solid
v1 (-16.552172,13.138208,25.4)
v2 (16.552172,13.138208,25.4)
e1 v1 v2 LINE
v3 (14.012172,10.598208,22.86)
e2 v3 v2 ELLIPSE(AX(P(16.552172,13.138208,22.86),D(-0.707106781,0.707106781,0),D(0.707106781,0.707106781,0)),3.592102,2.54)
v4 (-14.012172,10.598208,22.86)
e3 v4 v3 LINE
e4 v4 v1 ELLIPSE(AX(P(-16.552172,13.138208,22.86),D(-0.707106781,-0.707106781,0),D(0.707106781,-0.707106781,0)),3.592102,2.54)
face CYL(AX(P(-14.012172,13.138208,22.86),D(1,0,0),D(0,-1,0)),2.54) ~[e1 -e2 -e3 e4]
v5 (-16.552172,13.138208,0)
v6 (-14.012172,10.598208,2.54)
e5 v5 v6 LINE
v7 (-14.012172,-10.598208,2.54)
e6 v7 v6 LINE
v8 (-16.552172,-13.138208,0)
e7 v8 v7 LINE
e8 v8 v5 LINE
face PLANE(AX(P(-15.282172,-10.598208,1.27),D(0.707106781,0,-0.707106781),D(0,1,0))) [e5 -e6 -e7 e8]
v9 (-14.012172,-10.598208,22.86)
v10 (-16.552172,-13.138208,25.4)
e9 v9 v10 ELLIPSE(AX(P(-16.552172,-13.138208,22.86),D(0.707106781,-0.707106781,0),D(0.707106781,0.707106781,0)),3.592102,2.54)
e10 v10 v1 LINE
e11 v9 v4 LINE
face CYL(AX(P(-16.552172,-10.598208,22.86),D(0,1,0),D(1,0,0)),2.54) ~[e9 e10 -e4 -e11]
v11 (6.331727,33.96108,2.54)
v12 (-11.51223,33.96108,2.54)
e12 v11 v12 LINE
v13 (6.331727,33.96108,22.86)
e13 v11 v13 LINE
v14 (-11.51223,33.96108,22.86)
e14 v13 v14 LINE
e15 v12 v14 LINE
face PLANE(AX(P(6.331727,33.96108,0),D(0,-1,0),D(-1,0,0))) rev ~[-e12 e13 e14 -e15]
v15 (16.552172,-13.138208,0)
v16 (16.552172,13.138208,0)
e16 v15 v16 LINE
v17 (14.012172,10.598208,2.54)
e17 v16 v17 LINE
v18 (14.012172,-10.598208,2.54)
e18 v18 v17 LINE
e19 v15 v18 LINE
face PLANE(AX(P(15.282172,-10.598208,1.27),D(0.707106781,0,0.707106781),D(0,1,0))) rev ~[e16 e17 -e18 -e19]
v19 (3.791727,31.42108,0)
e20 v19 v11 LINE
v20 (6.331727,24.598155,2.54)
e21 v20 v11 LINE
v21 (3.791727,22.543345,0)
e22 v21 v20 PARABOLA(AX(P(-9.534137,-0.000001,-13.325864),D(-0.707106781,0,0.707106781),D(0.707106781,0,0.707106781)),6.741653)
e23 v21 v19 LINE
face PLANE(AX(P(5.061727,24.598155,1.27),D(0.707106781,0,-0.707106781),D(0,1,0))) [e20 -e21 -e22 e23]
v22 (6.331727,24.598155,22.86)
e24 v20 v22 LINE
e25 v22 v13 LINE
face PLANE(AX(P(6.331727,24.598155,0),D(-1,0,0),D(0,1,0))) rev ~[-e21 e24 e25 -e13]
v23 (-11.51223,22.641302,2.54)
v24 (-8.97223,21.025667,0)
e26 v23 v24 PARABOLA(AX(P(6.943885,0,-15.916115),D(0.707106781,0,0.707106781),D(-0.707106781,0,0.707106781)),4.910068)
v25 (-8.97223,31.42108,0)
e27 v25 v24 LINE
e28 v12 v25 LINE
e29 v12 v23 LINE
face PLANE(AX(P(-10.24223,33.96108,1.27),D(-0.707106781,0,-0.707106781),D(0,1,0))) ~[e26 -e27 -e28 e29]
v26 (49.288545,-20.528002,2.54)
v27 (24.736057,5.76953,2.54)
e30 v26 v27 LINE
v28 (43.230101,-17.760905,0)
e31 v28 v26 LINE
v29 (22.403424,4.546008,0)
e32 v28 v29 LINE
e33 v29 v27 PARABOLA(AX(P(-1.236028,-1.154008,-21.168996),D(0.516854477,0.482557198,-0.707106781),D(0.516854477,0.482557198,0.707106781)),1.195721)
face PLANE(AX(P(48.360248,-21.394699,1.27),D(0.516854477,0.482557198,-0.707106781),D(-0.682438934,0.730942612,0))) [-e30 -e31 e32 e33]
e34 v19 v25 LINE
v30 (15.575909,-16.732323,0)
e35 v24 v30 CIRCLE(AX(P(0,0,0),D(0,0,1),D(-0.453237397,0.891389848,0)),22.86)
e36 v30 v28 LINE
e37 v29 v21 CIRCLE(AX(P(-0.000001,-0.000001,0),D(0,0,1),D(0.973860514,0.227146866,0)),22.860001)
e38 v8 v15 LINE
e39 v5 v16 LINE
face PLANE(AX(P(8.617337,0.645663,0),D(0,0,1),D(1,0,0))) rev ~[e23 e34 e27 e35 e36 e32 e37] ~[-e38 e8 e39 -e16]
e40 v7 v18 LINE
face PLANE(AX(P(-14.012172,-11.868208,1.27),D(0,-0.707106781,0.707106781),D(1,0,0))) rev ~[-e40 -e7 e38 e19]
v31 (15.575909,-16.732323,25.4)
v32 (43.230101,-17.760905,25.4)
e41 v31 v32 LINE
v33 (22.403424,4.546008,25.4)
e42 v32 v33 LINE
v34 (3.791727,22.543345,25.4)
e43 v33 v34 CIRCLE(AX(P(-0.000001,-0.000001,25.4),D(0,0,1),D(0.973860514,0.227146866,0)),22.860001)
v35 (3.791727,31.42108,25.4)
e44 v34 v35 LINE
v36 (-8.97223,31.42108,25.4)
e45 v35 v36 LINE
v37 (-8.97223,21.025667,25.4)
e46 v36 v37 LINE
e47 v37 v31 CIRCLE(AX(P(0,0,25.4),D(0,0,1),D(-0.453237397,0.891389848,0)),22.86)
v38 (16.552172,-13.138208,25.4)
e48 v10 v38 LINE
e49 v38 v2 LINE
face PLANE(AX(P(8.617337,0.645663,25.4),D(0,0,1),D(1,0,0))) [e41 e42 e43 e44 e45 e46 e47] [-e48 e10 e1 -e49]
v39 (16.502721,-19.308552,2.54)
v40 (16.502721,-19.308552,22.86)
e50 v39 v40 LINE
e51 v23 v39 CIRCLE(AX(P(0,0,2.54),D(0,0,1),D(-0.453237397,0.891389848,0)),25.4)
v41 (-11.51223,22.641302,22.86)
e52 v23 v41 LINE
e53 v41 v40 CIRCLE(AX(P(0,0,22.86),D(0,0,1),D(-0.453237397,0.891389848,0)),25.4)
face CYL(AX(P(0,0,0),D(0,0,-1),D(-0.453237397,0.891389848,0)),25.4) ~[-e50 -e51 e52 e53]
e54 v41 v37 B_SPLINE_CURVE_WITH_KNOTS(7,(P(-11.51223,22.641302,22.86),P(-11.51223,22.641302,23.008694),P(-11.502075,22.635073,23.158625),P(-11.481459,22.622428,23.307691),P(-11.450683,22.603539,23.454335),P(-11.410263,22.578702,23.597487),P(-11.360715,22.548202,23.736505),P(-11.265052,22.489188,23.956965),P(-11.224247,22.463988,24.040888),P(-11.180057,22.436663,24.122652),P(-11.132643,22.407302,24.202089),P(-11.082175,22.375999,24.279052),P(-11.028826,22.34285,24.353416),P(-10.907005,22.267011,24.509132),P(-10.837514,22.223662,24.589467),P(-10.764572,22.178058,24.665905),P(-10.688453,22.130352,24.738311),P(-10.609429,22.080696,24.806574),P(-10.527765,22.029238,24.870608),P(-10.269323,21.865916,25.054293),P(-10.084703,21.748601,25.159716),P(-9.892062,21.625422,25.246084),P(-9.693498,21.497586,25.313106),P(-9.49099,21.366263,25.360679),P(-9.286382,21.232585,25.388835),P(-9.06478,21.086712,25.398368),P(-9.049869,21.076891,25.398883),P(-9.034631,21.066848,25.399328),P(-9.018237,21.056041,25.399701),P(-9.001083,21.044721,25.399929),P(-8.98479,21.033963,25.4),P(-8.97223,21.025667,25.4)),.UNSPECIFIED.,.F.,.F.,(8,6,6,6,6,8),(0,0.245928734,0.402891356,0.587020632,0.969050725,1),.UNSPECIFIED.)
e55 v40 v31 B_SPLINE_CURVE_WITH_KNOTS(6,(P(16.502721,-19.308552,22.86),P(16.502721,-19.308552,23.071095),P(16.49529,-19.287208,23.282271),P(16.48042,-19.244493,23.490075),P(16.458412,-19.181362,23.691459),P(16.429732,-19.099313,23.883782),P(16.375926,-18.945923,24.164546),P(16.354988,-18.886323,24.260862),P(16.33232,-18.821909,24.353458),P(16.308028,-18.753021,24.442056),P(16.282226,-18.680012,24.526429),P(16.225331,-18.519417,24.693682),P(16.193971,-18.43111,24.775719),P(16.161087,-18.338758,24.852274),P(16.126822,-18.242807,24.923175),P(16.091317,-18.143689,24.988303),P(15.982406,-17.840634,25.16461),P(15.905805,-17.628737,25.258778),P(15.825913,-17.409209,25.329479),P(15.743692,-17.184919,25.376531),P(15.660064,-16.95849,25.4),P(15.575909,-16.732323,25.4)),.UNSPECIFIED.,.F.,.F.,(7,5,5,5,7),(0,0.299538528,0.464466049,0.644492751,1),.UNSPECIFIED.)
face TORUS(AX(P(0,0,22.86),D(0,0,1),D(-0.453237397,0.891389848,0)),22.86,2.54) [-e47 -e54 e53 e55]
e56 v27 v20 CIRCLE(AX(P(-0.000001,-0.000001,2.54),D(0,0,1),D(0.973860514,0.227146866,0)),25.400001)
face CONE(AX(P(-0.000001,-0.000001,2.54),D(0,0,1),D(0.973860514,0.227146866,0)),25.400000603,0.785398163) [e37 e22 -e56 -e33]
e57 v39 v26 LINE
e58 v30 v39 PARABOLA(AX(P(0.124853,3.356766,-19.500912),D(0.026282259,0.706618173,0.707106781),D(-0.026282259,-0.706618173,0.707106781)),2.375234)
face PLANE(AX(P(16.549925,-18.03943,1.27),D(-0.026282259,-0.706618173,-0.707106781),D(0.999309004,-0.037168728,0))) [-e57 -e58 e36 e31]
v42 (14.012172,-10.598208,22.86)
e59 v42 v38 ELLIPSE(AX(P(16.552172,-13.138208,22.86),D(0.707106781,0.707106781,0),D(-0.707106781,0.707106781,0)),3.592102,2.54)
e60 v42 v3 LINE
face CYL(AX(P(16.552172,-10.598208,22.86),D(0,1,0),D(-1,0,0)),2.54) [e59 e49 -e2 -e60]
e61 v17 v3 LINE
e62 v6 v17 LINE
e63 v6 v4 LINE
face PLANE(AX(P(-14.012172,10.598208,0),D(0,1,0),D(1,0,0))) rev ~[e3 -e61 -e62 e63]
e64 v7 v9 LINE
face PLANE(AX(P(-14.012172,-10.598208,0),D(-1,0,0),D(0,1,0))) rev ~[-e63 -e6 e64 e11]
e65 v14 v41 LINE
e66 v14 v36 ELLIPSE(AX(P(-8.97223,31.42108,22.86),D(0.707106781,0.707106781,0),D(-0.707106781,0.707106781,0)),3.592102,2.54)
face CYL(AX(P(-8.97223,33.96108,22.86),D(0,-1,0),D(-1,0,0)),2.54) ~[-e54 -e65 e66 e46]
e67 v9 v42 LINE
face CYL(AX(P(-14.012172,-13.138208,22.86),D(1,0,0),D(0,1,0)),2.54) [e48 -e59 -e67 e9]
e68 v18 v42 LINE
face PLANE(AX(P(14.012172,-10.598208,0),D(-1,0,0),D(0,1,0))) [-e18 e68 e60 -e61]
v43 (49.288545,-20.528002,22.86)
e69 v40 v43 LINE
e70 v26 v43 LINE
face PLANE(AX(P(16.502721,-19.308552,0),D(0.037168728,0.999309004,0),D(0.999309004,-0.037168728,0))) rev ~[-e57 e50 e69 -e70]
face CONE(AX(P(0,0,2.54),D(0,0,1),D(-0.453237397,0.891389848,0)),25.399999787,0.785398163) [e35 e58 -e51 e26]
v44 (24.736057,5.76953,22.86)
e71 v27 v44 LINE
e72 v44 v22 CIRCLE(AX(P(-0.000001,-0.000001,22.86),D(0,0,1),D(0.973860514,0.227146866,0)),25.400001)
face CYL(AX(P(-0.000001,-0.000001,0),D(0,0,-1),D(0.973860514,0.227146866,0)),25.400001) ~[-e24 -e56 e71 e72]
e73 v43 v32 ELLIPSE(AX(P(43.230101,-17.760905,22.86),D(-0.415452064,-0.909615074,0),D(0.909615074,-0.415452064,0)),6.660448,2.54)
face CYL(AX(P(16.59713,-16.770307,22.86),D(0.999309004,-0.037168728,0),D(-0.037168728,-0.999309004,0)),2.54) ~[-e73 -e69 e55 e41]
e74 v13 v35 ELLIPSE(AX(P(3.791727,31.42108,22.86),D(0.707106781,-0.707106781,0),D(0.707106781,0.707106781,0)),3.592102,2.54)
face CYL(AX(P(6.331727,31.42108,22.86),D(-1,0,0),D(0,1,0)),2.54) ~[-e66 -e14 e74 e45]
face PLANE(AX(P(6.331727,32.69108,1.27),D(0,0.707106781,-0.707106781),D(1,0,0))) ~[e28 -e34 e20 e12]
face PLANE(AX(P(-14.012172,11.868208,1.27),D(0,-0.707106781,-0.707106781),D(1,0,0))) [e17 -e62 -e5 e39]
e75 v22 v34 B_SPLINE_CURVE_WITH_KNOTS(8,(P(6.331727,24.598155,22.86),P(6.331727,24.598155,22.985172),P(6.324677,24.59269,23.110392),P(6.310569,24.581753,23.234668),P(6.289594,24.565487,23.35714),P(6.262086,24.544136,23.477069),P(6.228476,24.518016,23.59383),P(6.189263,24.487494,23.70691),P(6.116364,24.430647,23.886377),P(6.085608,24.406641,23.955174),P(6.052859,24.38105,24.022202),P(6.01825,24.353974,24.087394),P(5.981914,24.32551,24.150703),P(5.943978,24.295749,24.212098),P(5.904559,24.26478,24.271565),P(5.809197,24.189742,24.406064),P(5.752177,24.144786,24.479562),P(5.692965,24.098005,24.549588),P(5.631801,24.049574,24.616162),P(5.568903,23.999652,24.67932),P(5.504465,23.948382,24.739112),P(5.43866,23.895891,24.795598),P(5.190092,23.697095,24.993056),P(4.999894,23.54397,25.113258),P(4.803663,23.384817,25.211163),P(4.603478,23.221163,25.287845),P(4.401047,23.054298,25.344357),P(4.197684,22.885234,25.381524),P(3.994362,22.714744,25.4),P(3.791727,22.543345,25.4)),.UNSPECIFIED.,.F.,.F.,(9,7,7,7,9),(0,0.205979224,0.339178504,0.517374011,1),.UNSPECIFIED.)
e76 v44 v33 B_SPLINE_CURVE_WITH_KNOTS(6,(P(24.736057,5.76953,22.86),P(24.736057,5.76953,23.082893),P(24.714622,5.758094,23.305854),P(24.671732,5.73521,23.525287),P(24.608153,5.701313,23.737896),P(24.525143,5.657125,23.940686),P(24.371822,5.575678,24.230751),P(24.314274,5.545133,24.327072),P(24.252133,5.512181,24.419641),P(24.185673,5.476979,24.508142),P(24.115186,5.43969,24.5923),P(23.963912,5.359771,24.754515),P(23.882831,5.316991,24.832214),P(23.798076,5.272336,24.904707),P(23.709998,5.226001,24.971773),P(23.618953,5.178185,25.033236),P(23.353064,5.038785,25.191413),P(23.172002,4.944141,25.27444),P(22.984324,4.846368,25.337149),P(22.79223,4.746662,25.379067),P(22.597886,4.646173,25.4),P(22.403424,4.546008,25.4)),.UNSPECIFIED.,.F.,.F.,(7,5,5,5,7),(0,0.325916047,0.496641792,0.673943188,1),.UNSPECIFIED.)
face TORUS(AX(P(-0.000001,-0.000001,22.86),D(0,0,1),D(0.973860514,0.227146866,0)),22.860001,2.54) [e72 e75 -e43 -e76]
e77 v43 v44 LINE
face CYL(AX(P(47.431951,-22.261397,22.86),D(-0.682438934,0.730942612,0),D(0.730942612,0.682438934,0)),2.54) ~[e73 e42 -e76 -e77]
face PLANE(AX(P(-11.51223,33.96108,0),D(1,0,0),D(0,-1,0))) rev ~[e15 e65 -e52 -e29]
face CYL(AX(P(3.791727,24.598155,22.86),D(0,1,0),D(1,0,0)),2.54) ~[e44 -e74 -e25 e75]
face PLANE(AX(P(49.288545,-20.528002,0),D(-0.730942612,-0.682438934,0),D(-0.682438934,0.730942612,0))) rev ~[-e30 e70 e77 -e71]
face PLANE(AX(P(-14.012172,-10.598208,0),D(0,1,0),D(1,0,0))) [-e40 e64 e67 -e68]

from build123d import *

# Parameters (mm, degrees)
F0_W     = 28.024344
F0_H     = 21.196416
F1_DEPTH = 25.4
F2_R     = 2.54
F3_SIZE  = 2.54


with BuildPart() as f1:
    # F0 (on Top) → F1 (new body)
    with BuildSketch(Plane.XY):
        with BuildLine():
            Line((-11.51223, 33.96108), (-11.51223, 22.641302))
            ThreePointArc((-11.51223, 22.641302), (-21.122827, -14.106246), (16.502721, -19.308552))
            Line((16.502721, -19.308552), (49.288545, -20.528002))
            Line((49.288545, -20.528002), (24.736057, 5.76953))
            ThreePointArc((24.736057, 5.76953), (18.164005, 17.754687), (6.331727, 24.598155))
            Line((6.331727, 24.598155), (6.331727, 33.96108))
            Line((6.331727, 33.96108), (-11.51223, 33.96108))
        make_face()
        Rectangle(F0_W, F0_H, mode=Mode.SUBTRACT)
    extrude(amount=F1_DEPTH)

    # F2
    f2_edges = [f1.edges().sort_by_distance(p)[0] for p in [
        (18.164005, 17.754687, 25.4),
        (6.331727, 29.279618, 25.4),
        (-2.590252, 33.96108, 25.4),
        (-11.51223, 28.301191, 25.4),
        (-21.122827, -14.106246, 25.4),
        (32.895633, -19.918277, 25.4),
        (37.012301, -7.379236, 25.4),
        (0, 10.598208, 25.4),
        (14.012172, 0, 25.4),
        (0, -10.598208, 25.4),
        (-14.012172, 0, 25.4),
    ]]
    fillet(f2_edges, radius=F2_R)

    # F3
    f3_edges = [f1.edges().sort_by_distance(p)[0] for p in [
        (18.164005, 17.754687, 0),
        (6.331727, 29.279618, 0),
        (-2.590252, 33.96108, 0),
        (-11.51223, 28.301191, 0),
        (-21.122827, -14.106246, 0),
        (32.895633, -19.918277, 0),
        (37.012301, -7.379236, 0),
        (0, 10.598208, 0),
        (14.012172, 0, 0),
        (0, -10.598208, 0),
        (-14.012172, 0, 0),
    ]]
    chamfer(f3_edges, length=F3_SIZE)


solid = f1.part
